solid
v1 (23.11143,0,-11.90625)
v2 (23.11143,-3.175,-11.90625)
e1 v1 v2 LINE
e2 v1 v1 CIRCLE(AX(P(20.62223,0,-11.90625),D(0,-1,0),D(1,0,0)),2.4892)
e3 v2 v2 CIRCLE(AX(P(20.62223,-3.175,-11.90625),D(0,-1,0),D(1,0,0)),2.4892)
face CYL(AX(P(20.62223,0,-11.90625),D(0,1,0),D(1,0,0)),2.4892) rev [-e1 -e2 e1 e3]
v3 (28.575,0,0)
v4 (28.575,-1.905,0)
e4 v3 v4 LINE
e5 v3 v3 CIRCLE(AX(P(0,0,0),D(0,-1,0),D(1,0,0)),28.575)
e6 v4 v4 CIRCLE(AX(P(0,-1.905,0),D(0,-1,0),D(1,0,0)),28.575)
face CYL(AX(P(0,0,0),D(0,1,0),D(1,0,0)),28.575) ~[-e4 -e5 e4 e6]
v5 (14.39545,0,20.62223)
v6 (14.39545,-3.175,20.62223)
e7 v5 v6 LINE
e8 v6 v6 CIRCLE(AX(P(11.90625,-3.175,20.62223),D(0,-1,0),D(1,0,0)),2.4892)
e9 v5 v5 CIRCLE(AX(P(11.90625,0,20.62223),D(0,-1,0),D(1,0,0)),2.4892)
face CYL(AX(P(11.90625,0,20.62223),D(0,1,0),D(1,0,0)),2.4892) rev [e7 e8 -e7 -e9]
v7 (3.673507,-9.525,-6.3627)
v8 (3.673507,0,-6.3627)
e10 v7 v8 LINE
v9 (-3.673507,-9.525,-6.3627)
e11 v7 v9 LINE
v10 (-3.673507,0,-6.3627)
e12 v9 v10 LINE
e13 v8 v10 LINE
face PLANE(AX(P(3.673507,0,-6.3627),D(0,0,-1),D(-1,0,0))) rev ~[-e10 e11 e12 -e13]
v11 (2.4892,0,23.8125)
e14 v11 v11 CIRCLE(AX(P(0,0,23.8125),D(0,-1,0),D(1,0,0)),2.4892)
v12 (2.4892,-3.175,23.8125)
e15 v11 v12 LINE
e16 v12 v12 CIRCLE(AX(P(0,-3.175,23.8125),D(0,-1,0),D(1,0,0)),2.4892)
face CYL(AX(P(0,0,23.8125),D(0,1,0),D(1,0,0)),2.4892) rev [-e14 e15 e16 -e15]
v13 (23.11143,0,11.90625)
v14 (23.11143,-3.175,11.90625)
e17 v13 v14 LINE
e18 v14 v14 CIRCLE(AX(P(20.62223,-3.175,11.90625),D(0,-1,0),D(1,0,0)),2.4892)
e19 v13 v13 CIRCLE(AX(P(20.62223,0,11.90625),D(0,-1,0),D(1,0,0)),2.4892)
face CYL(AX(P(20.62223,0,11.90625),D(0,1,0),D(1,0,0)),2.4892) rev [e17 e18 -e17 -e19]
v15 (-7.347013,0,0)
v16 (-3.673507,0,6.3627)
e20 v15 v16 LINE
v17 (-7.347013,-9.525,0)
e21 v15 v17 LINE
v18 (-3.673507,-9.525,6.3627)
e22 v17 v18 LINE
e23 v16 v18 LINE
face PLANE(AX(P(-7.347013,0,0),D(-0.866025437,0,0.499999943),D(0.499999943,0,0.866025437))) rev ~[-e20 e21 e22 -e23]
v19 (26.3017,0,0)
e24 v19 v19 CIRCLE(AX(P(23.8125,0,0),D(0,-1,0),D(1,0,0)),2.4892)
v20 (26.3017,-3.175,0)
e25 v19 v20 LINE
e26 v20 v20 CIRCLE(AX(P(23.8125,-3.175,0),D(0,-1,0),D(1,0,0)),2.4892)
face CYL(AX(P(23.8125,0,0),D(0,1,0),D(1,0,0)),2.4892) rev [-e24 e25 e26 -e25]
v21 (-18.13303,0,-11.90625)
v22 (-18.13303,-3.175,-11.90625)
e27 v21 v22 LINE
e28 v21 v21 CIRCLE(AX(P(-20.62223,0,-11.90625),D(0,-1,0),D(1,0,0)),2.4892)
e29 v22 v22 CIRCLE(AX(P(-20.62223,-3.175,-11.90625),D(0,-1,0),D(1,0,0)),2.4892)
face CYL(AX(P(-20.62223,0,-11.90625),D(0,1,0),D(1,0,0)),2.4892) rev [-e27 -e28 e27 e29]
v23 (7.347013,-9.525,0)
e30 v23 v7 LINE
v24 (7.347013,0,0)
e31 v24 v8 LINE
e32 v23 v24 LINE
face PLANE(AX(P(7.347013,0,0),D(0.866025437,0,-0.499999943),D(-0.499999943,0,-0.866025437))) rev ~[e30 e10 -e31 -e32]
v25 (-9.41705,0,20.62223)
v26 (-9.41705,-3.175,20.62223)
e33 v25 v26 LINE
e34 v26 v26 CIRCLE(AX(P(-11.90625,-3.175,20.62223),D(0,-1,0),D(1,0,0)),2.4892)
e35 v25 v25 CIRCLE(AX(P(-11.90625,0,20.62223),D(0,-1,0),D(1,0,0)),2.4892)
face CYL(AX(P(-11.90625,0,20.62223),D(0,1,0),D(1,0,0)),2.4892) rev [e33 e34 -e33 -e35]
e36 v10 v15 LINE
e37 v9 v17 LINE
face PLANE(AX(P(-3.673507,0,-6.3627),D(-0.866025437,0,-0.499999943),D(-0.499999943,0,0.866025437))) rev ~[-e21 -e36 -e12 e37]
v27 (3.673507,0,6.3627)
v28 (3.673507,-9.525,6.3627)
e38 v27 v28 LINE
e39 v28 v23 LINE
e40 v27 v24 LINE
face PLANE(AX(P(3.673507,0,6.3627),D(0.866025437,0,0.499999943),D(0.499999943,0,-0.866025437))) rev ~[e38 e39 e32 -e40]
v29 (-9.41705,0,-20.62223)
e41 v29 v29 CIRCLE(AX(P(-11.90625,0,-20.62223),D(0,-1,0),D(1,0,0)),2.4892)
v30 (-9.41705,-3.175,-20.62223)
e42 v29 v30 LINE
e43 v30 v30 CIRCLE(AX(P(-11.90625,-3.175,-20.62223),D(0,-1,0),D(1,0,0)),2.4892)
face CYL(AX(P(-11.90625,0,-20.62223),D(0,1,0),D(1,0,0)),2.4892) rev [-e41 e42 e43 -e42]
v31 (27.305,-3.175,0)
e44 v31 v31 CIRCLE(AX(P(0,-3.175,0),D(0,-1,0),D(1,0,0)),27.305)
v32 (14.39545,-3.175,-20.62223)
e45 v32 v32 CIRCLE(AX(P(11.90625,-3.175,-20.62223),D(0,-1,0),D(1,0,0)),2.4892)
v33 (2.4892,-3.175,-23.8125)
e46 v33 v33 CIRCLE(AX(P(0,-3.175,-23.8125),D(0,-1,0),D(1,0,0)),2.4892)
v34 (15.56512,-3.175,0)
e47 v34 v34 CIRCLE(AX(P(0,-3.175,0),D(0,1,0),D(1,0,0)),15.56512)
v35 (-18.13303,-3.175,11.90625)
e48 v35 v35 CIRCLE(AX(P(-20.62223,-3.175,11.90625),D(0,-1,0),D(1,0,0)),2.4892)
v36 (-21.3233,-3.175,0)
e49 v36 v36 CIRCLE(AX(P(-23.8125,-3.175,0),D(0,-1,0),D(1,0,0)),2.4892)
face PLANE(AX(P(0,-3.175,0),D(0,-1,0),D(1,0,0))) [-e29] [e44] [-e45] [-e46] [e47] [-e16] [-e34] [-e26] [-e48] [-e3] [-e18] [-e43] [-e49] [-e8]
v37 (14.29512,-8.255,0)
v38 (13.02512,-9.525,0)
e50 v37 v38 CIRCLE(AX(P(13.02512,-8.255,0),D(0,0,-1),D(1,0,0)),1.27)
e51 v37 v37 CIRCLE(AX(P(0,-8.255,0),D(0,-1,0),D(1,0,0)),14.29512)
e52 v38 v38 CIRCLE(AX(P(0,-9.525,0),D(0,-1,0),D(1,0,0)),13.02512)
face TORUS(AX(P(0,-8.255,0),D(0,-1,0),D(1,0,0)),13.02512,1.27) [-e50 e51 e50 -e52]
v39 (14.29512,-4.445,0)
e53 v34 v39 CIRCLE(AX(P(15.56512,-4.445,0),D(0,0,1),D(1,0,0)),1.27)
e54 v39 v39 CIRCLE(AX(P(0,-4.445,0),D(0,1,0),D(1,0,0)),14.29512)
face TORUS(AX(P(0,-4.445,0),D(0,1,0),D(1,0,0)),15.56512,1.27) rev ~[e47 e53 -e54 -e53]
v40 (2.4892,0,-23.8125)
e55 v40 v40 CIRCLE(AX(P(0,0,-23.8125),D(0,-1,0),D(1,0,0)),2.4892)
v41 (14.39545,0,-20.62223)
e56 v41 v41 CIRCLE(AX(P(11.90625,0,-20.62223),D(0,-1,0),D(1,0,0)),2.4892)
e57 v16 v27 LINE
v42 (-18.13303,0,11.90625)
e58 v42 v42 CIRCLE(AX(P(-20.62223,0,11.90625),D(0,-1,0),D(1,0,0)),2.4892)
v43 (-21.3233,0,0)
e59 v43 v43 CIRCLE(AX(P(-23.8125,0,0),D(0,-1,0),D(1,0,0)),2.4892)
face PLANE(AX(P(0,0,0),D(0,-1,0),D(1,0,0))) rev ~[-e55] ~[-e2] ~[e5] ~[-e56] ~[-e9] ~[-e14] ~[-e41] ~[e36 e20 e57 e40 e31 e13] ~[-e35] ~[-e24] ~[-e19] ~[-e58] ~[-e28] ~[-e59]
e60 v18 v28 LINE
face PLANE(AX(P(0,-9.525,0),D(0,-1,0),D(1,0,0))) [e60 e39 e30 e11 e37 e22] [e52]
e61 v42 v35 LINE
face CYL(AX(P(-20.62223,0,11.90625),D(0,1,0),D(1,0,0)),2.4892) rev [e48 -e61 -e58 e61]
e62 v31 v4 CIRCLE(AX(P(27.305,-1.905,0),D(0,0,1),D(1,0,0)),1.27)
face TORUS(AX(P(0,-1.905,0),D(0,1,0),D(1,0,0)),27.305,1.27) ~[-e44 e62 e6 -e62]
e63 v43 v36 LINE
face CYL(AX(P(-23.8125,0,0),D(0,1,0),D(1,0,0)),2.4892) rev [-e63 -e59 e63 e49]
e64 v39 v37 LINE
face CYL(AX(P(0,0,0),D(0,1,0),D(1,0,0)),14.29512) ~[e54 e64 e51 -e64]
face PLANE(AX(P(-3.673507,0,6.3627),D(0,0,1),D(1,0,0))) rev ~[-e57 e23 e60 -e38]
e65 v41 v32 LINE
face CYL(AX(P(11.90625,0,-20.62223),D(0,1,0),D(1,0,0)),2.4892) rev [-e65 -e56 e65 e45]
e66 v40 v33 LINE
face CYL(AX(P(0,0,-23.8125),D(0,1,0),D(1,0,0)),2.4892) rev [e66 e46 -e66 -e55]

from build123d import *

# Parameters (mm, degrees)
F0_R     = 28.575
F0_R_2   = 2.4892
F0_R_3   = 14.29512
F1_DEPTH = 3.175
F2_DEPTH = 9.525
F3_R     = 1.27


with BuildPart() as f1:
    # F0 (on Front) → F1 (new body)
    with BuildSketch(Plane.XZ):
        Circle(F0_R)
        with Locations((-11.90625, -20.62223)):
            Circle(F0_R_2, mode=Mode.SUBTRACT)
        with Locations((-20.62223, -11.90625)):
            Circle(F0_R_2, mode=Mode.SUBTRACT)
        with Locations((0, -23.8125)):
            Circle(F0_R_2, mode=Mode.SUBTRACT)
        with Locations((11.90625, -20.62223)):
            Circle(F0_R_2, mode=Mode.SUBTRACT)
        with Locations((20.62223, -11.90625)):
            Circle(F0_R_2, mode=Mode.SUBTRACT)
        with Locations((-23.8125, 0)):
            Circle(F0_R_2, mode=Mode.SUBTRACT)
        with Locations((-20.62223, 11.90625)):
            Circle(F0_R_2, mode=Mode.SUBTRACT)
        with Locations((-11.90625, 20.62223)):
            Circle(F0_R_2, mode=Mode.SUBTRACT)
        Circle(F0_R_3, mode=Mode.SUBTRACT)
        with Locations((23.8125, 0)):
            Circle(F0_R_2, mode=Mode.SUBTRACT)
        with Locations((20.62223, 11.90625)):
            Circle(F0_R_2, mode=Mode.SUBTRACT)
        with Locations((11.90625, 20.62223)):
            Circle(F0_R_2, mode=Mode.SUBTRACT)
        with Locations((0, 23.8125)):
            Circle(F0_R_2, mode=Mode.SUBTRACT)
        Circle(F0_R_3)
        Polygon((-7.347013, 0), (-3.673507, 6.3627), (3.673507, 6.3627), (7.347013, 0), (3.673507, -6.3627), (-3.673507, -6.3627), align=None, mode=Mode.SUBTRACT)
    extrude(amount=F1_DEPTH)

    # F0 (on Front) → F2 (join)
    with BuildSketch(Plane.XZ):
        Circle(F0_R_3)
        Polygon((-7.347013, 0), (-3.673507, 6.3627), (3.673507, 6.3627), (7.347013, 0), (3.673507, -6.3627), (-3.673507, -6.3627), align=None, mode=Mode.SUBTRACT)
    extrude(amount=F2_DEPTH)

    # F3
    f3_edges = [f1.edges().sort_by_distance(p)[0] for p in [
        (-28.575, -3.175, 0),
        (-14.29512, -9.525, 0),
        (-14.29512, -3.175, 0),
    ]]
    fillet(f3_edges, radius=F3_R)


solid = f1.part
